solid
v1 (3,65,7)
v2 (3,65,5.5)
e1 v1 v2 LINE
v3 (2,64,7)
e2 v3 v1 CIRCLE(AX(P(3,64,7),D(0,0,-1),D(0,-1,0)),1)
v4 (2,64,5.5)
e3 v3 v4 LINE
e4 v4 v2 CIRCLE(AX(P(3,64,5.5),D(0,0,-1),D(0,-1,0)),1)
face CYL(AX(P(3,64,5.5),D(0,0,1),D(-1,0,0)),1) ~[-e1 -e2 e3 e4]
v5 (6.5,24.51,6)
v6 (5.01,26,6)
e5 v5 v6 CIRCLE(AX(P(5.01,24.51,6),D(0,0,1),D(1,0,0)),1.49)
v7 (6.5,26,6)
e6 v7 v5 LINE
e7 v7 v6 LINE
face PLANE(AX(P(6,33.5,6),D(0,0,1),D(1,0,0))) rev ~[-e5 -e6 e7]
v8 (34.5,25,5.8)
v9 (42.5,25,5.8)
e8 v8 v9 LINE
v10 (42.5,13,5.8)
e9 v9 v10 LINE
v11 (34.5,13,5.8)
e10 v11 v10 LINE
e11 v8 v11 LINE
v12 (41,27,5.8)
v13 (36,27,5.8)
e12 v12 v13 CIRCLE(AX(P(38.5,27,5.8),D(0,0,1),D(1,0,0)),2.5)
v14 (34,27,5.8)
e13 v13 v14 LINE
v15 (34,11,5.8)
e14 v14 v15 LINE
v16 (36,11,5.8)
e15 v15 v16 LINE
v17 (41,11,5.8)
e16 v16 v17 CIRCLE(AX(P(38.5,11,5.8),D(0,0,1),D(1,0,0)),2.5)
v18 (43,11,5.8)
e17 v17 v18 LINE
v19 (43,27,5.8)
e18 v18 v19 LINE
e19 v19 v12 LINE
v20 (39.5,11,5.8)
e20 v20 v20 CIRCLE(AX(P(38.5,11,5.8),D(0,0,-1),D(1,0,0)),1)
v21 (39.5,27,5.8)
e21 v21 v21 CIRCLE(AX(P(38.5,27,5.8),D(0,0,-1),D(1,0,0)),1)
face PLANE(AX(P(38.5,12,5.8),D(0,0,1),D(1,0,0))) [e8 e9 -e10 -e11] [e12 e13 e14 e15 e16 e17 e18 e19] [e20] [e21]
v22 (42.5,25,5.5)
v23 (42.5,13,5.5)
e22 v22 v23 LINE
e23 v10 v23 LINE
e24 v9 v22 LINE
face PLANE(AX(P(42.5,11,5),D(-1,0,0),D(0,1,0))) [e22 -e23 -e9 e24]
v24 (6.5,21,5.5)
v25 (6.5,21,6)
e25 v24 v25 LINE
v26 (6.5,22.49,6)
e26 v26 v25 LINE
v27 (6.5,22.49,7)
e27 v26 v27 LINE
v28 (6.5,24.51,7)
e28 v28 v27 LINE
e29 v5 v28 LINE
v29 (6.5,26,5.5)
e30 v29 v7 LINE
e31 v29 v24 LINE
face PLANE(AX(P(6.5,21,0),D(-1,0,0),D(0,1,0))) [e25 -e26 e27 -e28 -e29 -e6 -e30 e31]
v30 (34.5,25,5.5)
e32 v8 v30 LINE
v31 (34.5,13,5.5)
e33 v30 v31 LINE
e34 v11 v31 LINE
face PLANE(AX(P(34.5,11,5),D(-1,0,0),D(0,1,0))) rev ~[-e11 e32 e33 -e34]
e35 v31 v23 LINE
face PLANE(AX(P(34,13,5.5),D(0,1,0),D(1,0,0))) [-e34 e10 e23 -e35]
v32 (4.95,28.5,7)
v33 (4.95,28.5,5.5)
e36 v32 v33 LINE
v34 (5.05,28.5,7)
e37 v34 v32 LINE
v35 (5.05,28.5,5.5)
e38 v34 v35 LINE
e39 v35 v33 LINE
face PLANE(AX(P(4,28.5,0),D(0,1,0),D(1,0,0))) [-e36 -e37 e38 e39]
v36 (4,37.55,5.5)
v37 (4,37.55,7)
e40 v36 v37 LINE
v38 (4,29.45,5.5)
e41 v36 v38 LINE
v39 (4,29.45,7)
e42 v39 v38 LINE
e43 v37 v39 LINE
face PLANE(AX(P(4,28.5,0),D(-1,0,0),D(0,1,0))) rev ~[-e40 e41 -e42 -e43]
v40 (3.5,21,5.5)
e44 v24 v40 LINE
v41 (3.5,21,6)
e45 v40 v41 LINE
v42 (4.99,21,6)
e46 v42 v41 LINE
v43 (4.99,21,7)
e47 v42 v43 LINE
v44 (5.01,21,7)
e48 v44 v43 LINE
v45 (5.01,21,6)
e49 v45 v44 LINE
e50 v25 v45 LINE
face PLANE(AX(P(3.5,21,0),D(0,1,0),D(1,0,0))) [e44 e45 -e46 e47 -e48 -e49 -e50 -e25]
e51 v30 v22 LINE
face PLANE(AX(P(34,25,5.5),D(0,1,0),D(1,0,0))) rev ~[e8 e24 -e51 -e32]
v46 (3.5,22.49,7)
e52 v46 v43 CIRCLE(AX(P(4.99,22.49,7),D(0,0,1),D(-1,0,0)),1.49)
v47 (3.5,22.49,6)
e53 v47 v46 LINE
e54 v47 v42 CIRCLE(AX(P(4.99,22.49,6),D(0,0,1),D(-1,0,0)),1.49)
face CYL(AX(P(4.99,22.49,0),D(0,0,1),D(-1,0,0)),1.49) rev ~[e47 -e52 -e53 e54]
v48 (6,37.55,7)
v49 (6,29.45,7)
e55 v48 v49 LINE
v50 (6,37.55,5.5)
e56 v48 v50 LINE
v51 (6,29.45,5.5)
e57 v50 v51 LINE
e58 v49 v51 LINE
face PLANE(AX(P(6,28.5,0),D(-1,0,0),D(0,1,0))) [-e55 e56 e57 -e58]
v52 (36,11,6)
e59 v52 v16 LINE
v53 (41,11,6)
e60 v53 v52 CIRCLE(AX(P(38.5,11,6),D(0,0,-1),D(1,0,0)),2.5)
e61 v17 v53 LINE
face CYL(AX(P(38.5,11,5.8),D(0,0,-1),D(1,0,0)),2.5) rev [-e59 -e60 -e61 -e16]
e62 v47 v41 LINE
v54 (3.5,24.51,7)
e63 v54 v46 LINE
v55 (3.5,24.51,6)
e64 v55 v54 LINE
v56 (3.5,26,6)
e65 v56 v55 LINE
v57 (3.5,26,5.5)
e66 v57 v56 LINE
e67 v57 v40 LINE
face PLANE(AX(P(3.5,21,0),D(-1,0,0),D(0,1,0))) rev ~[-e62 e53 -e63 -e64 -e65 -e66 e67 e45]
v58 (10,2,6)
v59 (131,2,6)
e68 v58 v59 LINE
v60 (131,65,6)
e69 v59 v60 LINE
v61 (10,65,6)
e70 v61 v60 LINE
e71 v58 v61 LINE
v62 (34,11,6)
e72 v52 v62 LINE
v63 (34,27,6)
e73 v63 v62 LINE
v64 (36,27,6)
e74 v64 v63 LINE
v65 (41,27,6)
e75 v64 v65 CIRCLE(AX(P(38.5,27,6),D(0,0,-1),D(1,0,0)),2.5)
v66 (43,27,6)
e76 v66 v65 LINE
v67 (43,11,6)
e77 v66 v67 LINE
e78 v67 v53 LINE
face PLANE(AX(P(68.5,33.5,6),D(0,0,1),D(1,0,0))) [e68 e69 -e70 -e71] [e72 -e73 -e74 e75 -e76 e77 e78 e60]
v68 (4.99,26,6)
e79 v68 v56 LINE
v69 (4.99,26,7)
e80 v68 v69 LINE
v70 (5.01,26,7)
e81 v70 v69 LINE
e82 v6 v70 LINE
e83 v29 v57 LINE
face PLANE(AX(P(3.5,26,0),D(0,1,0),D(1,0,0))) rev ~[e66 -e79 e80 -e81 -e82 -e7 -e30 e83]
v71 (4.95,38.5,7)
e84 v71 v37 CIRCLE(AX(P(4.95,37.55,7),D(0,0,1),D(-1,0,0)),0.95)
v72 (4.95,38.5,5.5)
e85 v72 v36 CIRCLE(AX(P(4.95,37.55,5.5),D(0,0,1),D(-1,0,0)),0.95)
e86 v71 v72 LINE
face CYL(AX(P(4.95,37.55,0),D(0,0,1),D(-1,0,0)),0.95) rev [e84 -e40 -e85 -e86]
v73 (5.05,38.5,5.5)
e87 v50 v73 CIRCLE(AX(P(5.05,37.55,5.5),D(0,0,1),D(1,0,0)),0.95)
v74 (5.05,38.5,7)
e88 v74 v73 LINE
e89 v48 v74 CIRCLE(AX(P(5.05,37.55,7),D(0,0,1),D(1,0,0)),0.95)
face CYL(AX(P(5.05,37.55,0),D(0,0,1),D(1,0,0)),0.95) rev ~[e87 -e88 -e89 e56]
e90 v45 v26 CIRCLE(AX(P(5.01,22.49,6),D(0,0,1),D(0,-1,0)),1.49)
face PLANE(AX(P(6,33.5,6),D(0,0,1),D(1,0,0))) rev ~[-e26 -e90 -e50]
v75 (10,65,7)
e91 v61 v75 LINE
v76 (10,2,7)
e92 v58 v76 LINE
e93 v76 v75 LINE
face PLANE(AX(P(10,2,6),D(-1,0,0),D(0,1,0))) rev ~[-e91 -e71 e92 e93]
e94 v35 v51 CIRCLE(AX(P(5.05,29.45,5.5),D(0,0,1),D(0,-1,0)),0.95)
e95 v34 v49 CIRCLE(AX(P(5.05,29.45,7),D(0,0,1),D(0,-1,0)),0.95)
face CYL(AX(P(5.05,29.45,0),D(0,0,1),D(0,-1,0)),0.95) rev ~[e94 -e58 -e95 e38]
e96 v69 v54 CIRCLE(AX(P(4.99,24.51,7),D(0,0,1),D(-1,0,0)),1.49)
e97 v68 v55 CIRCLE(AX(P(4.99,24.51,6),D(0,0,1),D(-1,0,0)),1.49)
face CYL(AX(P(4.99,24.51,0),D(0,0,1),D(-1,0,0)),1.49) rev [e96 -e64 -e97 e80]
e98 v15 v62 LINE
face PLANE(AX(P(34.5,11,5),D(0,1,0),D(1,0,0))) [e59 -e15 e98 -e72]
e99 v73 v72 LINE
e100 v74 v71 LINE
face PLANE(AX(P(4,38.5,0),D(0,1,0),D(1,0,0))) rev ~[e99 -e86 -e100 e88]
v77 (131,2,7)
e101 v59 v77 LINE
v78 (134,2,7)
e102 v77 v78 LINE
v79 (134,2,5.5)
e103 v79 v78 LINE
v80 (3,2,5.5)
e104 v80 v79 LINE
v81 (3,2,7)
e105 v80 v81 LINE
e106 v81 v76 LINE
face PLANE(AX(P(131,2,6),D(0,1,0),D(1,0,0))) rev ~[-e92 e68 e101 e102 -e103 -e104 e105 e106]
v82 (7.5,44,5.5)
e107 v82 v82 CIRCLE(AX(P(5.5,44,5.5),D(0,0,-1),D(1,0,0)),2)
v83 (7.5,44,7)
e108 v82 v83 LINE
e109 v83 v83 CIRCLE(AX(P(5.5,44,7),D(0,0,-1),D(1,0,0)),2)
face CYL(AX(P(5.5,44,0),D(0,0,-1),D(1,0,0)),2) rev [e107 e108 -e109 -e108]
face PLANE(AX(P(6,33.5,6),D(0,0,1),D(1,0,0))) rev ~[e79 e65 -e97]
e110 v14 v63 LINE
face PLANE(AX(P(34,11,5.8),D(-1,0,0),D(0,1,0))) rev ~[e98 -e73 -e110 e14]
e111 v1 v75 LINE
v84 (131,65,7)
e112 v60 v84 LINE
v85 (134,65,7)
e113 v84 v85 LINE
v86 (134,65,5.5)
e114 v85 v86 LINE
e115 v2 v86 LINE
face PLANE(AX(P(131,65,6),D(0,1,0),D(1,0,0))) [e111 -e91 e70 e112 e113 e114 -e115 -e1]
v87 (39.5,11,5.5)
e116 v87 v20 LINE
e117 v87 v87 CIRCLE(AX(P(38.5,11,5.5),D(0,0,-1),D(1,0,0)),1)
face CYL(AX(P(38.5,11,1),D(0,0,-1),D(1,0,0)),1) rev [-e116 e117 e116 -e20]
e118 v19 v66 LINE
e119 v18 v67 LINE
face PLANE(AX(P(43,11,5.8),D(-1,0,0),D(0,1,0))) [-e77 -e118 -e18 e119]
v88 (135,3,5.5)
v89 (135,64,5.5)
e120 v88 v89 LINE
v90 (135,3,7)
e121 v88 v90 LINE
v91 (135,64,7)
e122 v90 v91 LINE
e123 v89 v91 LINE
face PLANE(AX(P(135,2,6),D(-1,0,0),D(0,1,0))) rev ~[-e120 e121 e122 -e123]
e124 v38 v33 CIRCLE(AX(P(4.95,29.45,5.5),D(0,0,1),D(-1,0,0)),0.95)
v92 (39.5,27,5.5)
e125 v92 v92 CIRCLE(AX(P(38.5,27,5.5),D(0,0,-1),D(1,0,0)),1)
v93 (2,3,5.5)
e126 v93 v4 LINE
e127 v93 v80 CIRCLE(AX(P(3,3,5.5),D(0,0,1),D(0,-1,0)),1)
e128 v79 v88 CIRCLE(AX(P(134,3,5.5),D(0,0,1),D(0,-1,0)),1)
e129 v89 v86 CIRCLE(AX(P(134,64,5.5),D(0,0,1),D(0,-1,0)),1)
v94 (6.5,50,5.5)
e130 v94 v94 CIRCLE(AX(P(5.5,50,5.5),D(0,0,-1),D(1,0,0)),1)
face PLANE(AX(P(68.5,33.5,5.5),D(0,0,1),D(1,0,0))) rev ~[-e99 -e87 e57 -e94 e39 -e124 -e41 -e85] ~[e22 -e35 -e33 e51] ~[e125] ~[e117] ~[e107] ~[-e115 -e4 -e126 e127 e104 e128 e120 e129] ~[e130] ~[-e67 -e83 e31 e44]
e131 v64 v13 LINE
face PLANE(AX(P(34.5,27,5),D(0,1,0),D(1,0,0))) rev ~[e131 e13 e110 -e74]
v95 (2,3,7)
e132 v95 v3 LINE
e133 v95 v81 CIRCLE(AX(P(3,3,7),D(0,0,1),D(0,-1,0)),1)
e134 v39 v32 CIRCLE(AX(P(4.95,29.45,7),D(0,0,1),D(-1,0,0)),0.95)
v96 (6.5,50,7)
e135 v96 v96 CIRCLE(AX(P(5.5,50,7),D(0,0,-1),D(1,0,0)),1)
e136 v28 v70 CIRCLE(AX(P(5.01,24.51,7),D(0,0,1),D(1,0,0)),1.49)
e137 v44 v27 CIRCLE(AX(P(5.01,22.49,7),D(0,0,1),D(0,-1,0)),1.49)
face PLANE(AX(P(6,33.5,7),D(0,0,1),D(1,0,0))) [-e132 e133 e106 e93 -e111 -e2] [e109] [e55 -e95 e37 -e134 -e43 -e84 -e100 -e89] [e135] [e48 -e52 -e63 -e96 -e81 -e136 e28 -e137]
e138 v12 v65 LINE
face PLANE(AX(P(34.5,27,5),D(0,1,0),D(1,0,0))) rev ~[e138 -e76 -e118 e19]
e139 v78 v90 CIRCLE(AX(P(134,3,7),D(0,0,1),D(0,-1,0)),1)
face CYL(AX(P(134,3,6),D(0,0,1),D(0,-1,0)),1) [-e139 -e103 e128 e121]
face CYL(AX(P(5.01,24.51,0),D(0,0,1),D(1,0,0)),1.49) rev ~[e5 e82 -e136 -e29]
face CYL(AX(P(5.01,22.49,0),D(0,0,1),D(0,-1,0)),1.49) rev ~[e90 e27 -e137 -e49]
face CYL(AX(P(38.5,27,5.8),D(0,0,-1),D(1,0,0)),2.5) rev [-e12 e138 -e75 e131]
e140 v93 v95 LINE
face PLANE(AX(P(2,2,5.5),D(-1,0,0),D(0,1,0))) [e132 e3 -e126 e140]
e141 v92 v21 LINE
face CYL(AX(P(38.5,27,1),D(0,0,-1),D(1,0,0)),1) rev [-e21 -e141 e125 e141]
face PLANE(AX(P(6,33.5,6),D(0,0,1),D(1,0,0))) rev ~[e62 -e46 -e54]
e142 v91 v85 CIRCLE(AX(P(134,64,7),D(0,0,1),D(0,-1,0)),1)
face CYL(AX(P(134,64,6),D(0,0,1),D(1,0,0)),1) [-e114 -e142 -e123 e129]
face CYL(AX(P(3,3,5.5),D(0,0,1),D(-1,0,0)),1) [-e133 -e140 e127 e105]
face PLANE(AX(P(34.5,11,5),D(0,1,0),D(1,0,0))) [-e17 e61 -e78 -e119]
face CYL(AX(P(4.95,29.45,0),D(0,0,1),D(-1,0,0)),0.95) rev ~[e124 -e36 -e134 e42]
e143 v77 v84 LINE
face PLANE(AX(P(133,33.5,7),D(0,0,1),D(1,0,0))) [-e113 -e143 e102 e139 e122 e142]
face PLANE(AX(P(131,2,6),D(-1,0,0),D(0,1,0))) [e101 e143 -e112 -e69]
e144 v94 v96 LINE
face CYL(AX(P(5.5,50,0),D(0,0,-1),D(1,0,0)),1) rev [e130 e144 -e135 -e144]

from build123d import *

# Parameters (mm, degrees)
BOX016_W          = 2
BOX016_H          = 10
BOX016_DEPTH      = 10
FILLET008_R       = 0.95
BOX017_W          = 3
BOX017_H          = 5
BOX017_DEPTH      = 10
CYLINDER011_R     = 2
CYLINDER011_DEPTH = 10
CYLINDER010_R     = 1
CYLINDER010_DEPTH = 10
CYLINDER005_R     = 1
CYLINDER005_DEPTH = 10
CYLINDER004_R     = 1
CYLINDER004_DEPTH = 10
CYLINDER009_R     = 1.2
CYLINDER009_DEPTH = 0.1
CYLINDER008_R     = 1.2
CYLINDER008_DEPTH = 0.1
BOX011_W          = 9
BOX011_H          = 2
BOX011_DEPTH      = 0.3
BOX012_W          = 9
BOX012_H          = 2
BOX012_DEPTH      = 0.3
CYLINDER006_R     = 1.5
CYLINDER006_DEPTH = 10
CYLINDER007_R     = 1.5
CYLINDER007_DEPTH = 10
BOX010_W          = 8
BOX010_H          = 16
BOX010_DEPTH      = 1.2
CYLINDER003_R     = 2.5
CYLINDER003_DEPTH = 0.3
CYLINDER002_R     = 2.5
CYLINDER002_DEPTH = 0.3
BOX009_W          = 9
BOX009_H          = 16
BOX009_DEPTH      = 0.3
BOX003_W          = 133
BOX003_H          = 63
BOX003_DEPTH      = 0.5
FILLET004_R       = 1
BOX007_W          = 4
BOX007_H          = 63
BOX007_DEPTH      = 1
FILLET006_R       = 1
BOX018_W          = 3
BOX018_H          = 5
BOX018_DEPTH      = 10
FILLET009_R       = 1.49
BOX006_W          = 8
BOX006_H          = 63
BOX006_DEPTH      = 1
FILLET007_R       = 1


with BuildPart() as fillet008:
    # Box016 → Box016 (new body)
    with BuildSketch(Plane(origin=(4, 28.5, 0), x_dir=(1, 0, 0), z_dir=(0, 0, 1))):
        with Locations((1, 5)):
            Rectangle(BOX016_W, BOX016_H)
    extrude(amount=BOX016_DEPTH)

    # Fillet008
    fillet008_edges = [fillet008.edges().sort_by_distance(p)[0] for p in [
        (4, 28.5, 5),
        (4, 38.5, 5),
        (6, 28.5, 5),
        (6, 38.5, 5),
    ]]
    fillet(fillet008_edges, radius=FILLET008_R)


with BuildPart() as cubo011:
    # Box017 → Box017 (new body)
    with BuildSketch(Plane(origin=(3.5, 21, 0), x_dir=(1, 0, 0), z_dir=(0, 0, 1))):
        with Locations((1.5, 2.5)):
            Rectangle(BOX017_W, BOX017_H)
    extrude(amount=BOX017_DEPTH)


with BuildPart() as cilindro011:
    # Cylinder011 → Cylinder011 (new body)
    with BuildSketch(Plane(origin=(5.5, 44, 0), x_dir=(1, 0, 0), z_dir=(0, 0, 1))):
        Circle(CYLINDER011_R)
    extrude(amount=CYLINDER011_DEPTH)


with BuildPart() as cilindro010:
    # Cylinder010 → Cylinder010 (new body)
    with BuildSketch(Plane(origin=(5.5, 50, 0), x_dir=(1, 0, 0), z_dir=(0, 0, 1))):
        Circle(CYLINDER010_R)
    extrude(amount=CYLINDER010_DEPTH)


with BuildPart() as cilindro005:
    # Cylinder005 → Cylinder005 (new body)
    with BuildSketch(Plane(origin=(38.5, 11, 1), x_dir=(1, 0, 0), z_dir=(0, 0, 1))):
        Circle(CYLINDER005_R)
    extrude(amount=CYLINDER005_DEPTH)


with BuildPart() as cilindro004:
    # Cylinder004 → Cylinder004 (new body)
    with BuildSketch(Plane(origin=(38.5, 27, 1), x_dir=(1, 0, 0), z_dir=(0, 0, 1))):
        Circle(CYLINDER004_R)
    extrude(amount=CYLINDER004_DEPTH)


with BuildPart() as cilindro009:
    # Cylinder009 → Cylinder009 (new body)
    with BuildSketch(Plane(origin=(38.5, 27, 1), x_dir=(1, 0, 0), z_dir=(0, 0, 1))):
        Circle(CYLINDER009_R)
    extrude(amount=CYLINDER009_DEPTH)


with BuildPart() as cilindro008:
    # Cylinder008 → Cylinder008 (new body)
    with BuildSketch(Plane(origin=(38.5, 11, 1), x_dir=(1, 0, 0), z_dir=(0, 0, 1))):
        Circle(CYLINDER008_R)
    extrude(amount=CYLINDER008_DEPTH)


with BuildPart() as cubo008:
    # Box011 → Box011 (new body)
    with BuildSketch(Plane(origin=(34, 11, 5.5), x_dir=(1, 0, 0), z_dir=(0, 0, 1))):
        with Locations((4.5, 1)):
            Rectangle(BOX011_W, BOX011_H)
    extrude(amount=BOX011_DEPTH)


with BuildPart() as cubo009:
    # Box012 → Box012 (new body)
    with BuildSketch(Plane(origin=(34, 25, 5.5), x_dir=(1, 0, 0), z_dir=(0, 0, 1))):
        with Locations((4.5, 1)):
            Rectangle(BOX012_W, BOX012_H)
    extrude(amount=BOX012_DEPTH)


with BuildPart() as cilindro006:
    # Cylinder006 → Cylinder006 (new body)
    with BuildSketch(Plane(origin=(38.5, 11, 1), x_dir=(1, 0, 0), z_dir=(0, 0, 1))):
        Circle(CYLINDER006_R)
    extrude(amount=CYLINDER006_DEPTH)


with BuildPart() as cilindro007:
    # Cylinder007 → Cylinder007 (new body)
    with BuildSketch(Plane(origin=(38.5, 27, 1), x_dir=(1, 0, 0), z_dir=(0, 0, 1))):
        Circle(CYLINDER007_R)
    extrude(amount=CYLINDER007_DEPTH)


with BuildPart() as cut008:
    # Box010 → Box010 (new body)
    with BuildSketch(Plane(origin=(34.5, 11, 5), x_dir=(1, 0, 0), z_dir=(0, 0, 1))):
        with Locations((4, 8)):
            Rectangle(BOX010_W, BOX010_H)
    extrude(amount=BOX010_DEPTH)

    # Cut001: cut Cilindro004
    add(cilindro004.part, mode=Mode.SUBTRACT)

    # Cut002: cut Cilindro005
    add(cilindro005.part, mode=Mode.SUBTRACT)

    # Cut007: cut Cilindro007
    add(cilindro007.part, mode=Mode.SUBTRACT)

    # Cut008: cut Cilindro006
    add(cilindro006.part, mode=Mode.SUBTRACT)


with BuildPart() as cilindro003:
    # Cylinder003 → Cylinder003 (new body)
    with BuildSketch(Plane(origin=(38.5, 27, 1), x_dir=(1, 0, 0), z_dir=(0, 0, 1))):
        Circle(CYLINDER003_R)
    extrude(amount=CYLINDER003_DEPTH)


with BuildPart() as cilindro002:
    # Cylinder002 → Cylinder002 (new body)
    with BuildSketch(Plane(origin=(38.5, 11, 1), x_dir=(1, 0, 0), z_dir=(0, 0, 1))):
        Circle(CYLINDER002_R)
    extrude(amount=CYLINDER002_DEPTH)


with BuildPart() as dont_show:
    # Box009 → Box009 (new body)
    with BuildSketch(Plane(origin=(34, 11, 1), x_dir=(1, 0, 0), z_dir=(0, 0, 1))):
        with Locations((4.5, 8)):
            Rectangle(BOX009_W, BOX009_H)
    extrude(amount=BOX009_DEPTH)

    # Fusion001: union Cilindro003, Cilindro002
    add(cilindro003.part)
    add(cilindro002.part)


with BuildPart() as dont_show_1:
    # Fusion001 placement: moved
    add(dont_show.part.moved(Location((0, 0, 4.4))))

    # Cut003: cut Cilindro005
    add(cilindro005.part, mode=Mode.SUBTRACT)

    # Cut004: cut Cilindro004
    add(cilindro004.part, mode=Mode.SUBTRACT)


with BuildPart() as dont_show_2:
    # Cut004 placement: moved
    add(dont_show_1.part.moved(Location((0, 0, 0.4))))

    # Fusion002: union Cut008
    add(cut008.part)


with BuildPart() as cut022:
    # Box003 → Box003 (new body)
    with BuildSketch(Plane(origin=(2, 2, 5.5), x_dir=(1, 0, 0), z_dir=(0, 0, 1))):
        with Locations((66.5, 31.5)):
            Rectangle(BOX003_W, BOX003_H)
    extrude(amount=BOX003_DEPTH)

    # Fillet004
    fillet004_edges = [cut022.edges().sort_by_distance(p)[0] for p in [
        (2, 2, 5.75),
        (2, 65, 5.75),
        (135, 2, 5.75),
        (135, 65, 5.75),
    ]]
    fillet(fillet004_edges, radius=FILLET004_R)

    # Cut009: cut Dont show
    add(dont_show_2.part, mode=Mode.SUBTRACT)

    # Fusion003: union Cubo008, Cubo009
    add(cubo008.part)
    add(cubo009.part)

    # Cut010: cut Cilindro008
    add(cilindro008.part, mode=Mode.SUBTRACT)

    # Cut011: cut Cilindro009
    add(cilindro009.part, mode=Mode.SUBTRACT)

    # Cut012: cut Cilindro004
    add(cilindro004.part, mode=Mode.SUBTRACT)

    # Cut013: cut Cilindro005
    add(cilindro005.part, mode=Mode.SUBTRACT)

    # Cut017: cut Cilindro010
    add(cilindro010.part, mode=Mode.SUBTRACT)

    # Cut019: cut Cilindro011
    add(cilindro011.part, mode=Mode.SUBTRACT)

    # Cut020: cut Cubo011
    add(cubo011.part, mode=Mode.SUBTRACT)

    # Cut022: cut Fillet008
    add(fillet008.part, mode=Mode.SUBTRACT)


with BuildPart() as bottom:
    # Box007 → Box007 (new body)
    with BuildSketch(Plane(origin=(131, 2, 6), x_dir=(1, 0, 0), z_dir=(0, 0, 1))):
        with Locations((2, 31.5)):
            Rectangle(BOX007_W, BOX007_H)
    extrude(amount=BOX007_DEPTH)

    # Fillet006
    fillet006_edges = [bottom.edges().sort_by_distance(p)[0] for p in [
        (135, 2, 6.5),
        (135, 65, 6.5),
    ]]
    fillet(fillet006_edges, radius=FILLET006_R)


with BuildPart() as fillet009:
    # Box018 → Box018 (new body)
    with BuildSketch(Plane(origin=(3.5, 21, 0), x_dir=(1, 0, 0), z_dir=(0, 0, 1))):
        with Locations((1.5, 2.5)):
            Rectangle(BOX018_W, BOX018_H)
    extrude(amount=BOX018_DEPTH)

    # Fillet009
    fillet009_edges = [fillet009.edges().sort_by_distance(p)[0] for p in [
        (3.5, 21, 5),
        (3.5, 26, 5),
        (6.5, 21, 5),
        (6.5, 26, 5),
    ]]
    fillet(fillet009_edges, radius=FILLET009_R)


with BuildPart() as fusion004:
    # Box006 → Box006 (new body)
    with BuildSketch(Plane(origin=(2, 2, 6), x_dir=(1, 0, 0), z_dir=(0, 0, 1))):
        with Locations((4, 31.5)):
            Rectangle(BOX006_W, BOX006_H)
    extrude(amount=BOX006_DEPTH)

    # Fillet007
    fillet007_edges = [fusion004.edges().sort_by_distance(p)[0] for p in [
        (2, 2, 6.5),
        (2, 65, 6.5),
    ]]
    fillet(fillet007_edges, radius=FILLET007_R)

    # Cut015: cut Fillet008
    add(fillet008.part, mode=Mode.SUBTRACT)

    # Cut018: cut Cilindro010
    add(cilindro010.part, mode=Mode.SUBTRACT)

    # Cut021: cut Fillet009
    add(fillet009.part, mode=Mode.SUBTRACT)

    # Cut023: cut Cilindro011
    add(cilindro011.part, mode=Mode.SUBTRACT)

    # Fusion004: union Cut022, Bottom
    add(cut022.part)
    add(bottom.part)


solid = fusion004.part
